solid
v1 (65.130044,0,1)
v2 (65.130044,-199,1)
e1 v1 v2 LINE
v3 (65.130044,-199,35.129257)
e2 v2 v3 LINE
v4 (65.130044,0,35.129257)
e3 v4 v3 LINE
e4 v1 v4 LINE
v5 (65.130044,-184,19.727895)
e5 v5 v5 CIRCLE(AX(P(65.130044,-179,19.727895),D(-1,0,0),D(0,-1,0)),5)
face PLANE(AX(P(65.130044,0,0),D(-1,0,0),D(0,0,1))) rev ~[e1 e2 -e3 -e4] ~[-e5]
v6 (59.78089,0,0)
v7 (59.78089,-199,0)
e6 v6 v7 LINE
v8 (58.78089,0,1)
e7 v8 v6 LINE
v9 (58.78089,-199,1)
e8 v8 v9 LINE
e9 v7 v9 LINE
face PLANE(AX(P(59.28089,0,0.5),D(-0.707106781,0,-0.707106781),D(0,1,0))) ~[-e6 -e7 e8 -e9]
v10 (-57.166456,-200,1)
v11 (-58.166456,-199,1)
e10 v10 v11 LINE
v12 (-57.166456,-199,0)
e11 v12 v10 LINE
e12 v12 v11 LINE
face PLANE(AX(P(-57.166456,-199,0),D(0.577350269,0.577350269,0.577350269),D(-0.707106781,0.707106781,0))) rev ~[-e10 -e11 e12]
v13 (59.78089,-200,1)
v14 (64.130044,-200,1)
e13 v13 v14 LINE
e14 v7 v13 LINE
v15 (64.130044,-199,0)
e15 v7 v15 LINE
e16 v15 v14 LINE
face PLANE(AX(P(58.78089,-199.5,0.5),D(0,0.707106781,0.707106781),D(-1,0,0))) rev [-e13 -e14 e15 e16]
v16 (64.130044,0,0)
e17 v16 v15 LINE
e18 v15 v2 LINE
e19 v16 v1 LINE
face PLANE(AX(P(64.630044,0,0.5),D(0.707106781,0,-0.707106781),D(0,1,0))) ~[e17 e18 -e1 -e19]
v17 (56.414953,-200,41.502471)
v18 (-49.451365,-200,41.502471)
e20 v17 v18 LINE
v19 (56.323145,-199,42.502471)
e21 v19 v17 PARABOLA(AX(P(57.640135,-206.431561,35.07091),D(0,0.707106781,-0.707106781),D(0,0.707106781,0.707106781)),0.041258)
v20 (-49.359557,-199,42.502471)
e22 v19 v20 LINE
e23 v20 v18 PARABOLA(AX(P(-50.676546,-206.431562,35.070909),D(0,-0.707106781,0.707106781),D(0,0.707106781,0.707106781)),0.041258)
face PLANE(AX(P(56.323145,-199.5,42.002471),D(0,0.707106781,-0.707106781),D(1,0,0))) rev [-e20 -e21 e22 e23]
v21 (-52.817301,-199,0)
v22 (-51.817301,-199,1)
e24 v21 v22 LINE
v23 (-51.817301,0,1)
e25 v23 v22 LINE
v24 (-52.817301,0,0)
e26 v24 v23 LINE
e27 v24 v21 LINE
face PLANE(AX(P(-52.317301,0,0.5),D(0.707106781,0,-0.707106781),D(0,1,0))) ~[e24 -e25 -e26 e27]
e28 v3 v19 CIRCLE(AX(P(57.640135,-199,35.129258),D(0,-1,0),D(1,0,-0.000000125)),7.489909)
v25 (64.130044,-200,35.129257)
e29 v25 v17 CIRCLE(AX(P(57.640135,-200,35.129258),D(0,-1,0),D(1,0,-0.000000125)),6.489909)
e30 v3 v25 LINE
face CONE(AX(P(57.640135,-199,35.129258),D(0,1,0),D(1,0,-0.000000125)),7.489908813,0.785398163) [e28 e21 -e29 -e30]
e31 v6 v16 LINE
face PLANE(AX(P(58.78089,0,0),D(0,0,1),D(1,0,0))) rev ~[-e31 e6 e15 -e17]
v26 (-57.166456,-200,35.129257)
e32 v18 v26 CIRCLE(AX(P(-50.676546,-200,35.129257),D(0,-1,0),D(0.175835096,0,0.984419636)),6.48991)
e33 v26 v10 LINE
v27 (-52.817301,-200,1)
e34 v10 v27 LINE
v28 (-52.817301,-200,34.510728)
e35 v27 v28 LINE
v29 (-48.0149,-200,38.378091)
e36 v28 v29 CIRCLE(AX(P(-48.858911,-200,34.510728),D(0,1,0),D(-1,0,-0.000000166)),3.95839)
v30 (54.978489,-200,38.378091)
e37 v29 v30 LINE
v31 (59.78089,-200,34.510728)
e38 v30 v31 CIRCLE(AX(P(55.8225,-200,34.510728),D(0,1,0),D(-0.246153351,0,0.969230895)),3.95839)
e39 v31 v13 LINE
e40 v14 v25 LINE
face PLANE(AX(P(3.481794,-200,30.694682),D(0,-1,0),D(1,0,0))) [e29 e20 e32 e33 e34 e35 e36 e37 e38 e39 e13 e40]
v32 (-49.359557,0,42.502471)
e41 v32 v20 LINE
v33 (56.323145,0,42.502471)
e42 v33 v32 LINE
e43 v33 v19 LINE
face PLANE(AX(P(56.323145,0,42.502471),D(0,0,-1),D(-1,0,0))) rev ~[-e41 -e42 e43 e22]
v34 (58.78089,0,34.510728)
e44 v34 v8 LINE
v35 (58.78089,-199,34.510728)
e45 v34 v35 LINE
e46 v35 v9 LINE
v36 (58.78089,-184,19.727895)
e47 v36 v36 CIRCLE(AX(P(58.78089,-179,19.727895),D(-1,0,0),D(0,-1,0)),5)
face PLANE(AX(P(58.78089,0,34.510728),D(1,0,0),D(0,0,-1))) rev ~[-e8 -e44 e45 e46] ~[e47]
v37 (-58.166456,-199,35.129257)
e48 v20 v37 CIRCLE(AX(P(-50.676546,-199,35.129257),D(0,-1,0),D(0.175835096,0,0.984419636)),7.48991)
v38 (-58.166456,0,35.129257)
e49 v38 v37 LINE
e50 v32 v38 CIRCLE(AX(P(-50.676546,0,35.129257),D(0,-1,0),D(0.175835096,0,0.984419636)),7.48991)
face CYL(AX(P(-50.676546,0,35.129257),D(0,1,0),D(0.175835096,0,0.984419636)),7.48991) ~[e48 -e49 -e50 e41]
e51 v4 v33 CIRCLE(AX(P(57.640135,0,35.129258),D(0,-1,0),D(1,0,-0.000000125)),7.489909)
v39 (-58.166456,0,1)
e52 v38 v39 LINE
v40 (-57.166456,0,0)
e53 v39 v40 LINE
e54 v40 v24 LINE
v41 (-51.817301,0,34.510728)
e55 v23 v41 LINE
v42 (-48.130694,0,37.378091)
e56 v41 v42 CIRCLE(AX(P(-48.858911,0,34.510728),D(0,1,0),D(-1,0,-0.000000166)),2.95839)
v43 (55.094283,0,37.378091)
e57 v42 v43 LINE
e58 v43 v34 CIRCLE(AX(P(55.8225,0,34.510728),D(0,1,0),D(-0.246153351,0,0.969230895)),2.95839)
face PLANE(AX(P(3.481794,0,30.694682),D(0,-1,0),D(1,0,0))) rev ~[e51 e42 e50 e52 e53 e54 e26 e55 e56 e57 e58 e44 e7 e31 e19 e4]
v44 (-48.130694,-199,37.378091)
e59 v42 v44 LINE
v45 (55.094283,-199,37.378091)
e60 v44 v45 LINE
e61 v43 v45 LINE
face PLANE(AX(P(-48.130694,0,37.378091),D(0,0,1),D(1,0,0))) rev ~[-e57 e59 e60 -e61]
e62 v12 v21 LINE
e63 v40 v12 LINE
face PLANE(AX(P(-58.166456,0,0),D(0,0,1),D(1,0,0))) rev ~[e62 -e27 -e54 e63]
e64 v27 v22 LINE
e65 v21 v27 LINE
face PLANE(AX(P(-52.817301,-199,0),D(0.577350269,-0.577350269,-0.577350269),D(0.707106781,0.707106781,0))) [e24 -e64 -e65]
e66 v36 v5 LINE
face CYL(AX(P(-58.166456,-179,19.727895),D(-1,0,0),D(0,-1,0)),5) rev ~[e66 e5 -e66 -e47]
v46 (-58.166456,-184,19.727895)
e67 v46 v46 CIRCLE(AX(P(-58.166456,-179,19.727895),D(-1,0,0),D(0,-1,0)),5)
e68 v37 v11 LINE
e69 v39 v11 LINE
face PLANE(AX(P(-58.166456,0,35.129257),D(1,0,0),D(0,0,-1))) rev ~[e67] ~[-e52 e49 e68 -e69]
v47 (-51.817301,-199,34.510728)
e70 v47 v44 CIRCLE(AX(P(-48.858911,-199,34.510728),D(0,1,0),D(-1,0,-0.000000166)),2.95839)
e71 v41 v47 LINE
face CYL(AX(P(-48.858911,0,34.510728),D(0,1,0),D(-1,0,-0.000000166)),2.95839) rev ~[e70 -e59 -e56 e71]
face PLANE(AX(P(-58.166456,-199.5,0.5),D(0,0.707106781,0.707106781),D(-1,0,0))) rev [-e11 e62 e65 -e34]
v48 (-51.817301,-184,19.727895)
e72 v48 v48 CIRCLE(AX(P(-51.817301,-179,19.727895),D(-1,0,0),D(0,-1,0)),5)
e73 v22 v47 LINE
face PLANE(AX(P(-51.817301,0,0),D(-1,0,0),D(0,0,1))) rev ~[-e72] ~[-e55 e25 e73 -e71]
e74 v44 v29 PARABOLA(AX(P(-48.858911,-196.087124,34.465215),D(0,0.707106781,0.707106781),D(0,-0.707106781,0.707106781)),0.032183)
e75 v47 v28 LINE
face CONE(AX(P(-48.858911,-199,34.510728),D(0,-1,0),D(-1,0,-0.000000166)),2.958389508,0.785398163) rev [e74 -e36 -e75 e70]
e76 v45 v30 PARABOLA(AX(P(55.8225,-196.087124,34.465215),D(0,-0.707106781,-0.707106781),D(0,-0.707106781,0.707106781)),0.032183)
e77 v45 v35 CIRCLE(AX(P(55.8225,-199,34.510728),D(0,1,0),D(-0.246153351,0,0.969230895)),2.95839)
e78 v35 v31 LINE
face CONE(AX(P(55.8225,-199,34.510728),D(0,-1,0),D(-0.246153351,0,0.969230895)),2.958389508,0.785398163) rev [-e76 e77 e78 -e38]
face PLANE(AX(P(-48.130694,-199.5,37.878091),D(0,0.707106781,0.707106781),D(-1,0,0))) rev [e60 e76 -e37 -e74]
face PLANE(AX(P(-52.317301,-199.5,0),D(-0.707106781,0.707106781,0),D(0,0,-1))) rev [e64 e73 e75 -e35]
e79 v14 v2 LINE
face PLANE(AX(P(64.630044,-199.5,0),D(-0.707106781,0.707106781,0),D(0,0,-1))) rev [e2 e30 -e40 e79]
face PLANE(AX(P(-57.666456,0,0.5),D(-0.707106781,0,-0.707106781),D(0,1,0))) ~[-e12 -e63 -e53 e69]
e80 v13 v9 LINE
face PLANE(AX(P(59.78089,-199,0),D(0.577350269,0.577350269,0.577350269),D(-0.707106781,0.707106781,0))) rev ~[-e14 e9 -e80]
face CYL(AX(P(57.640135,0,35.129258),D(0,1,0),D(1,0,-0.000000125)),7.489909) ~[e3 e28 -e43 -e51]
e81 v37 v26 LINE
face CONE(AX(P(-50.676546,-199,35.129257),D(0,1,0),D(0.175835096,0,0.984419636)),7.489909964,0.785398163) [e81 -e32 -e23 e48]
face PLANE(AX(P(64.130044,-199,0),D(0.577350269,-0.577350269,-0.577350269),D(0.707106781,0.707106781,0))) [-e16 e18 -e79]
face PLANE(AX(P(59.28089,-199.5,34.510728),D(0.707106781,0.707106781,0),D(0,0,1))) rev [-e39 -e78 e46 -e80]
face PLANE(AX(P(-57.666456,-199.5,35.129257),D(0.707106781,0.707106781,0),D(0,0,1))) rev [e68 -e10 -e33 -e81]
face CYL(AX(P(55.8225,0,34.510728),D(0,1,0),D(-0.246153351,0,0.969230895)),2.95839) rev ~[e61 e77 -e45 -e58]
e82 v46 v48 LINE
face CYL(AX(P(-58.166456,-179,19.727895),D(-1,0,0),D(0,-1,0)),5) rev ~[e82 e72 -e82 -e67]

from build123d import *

# Parameters (mm, degrees)
F1_DEPTH = 200
F2_SIZE  = 1
F3_R     = 5
F4_DEPTH = 123.2975


with BuildPart() as f1:
    # F0 (on Front) → F1 (new body)
    with BuildSketch(Plane.XZ):
        with BuildLine():
            Line((56.323145, 42.502471), (3.481794, 42.502471))
            Line((3.481794, 42.502471), (-49.359557, 42.502471))
            ThreePointArc((-49.359557, 42.502471), (-55.484592, 40.872204), (-58.166456, 35.129257))
            Line((-58.166456, 35.129257), (-58.166456, 0))
            Line((-58.166456, 0), (-51.817301, 0))
            Line((-51.817301, 0), (-51.817301, 34.510728))
            ThreePointArc((-51.817301, 34.510728), (-50.675188, 36.845939), (-48.130694, 37.378091))
            Line((-48.130694, 37.378091), (3.481794, 37.378091))
            Line((3.481794, 37.378091), (55.094283, 37.378091))
            ThreePointArc((55.094283, 37.378091), (57.638777, 36.845939), (58.78089, 34.510728))
            Line((58.78089, 34.510728), (58.78089, 0))
            Line((58.78089, 0), (65.130044, 0))
            Line((65.130044, 0), (65.130044, 35.129257))
            ThreePointArc((65.130044, 35.129257), (62.448181, 40.872204), (56.323145, 42.502471))
        make_face()
    extrude(amount=F1_DEPTH)

    # F2
    f2_edges = [f1.edges().sort_by_distance(p)[0] for p in [
        (3.481794, -200, 42.502471),
        (3.481794, -200, 37.378091),
        (-55.484592, -200, 40.872204),
        (-50.675188, -200, 36.845939),
        (-51.817301, -200, 17.255364),
        (-58.166456, -200, 17.564629),
        (-54.991878, -200, 0),
        (58.78089, -200, 17.255364),
        (57.638777, -200, 36.845939),
        (62.448181, -200, 40.872204),
        (65.130044, -200, 17.564629),
        (61.955467, -200, 0),
        (58.78089, -100, 0),
        (65.130044, -100, 0),
        (-51.817301, -100, 0),
        (-58.166456, -100, 0),
    ]]
    chamfer(f2_edges, length=F2_SIZE)

    # F3 (on face) → F4 (cut, through all)
    with BuildSketch(Plane(origin=(-58.166456, 0, 0), x_dir=(0, -1, 0), z_dir=(-1, 0, 0))):
        with Locations((179, 19.727895)):
            Circle(F3_R)
    extrude(amount=-F4_DEPTH, mode=Mode.SUBTRACT)


solid = f1.part
